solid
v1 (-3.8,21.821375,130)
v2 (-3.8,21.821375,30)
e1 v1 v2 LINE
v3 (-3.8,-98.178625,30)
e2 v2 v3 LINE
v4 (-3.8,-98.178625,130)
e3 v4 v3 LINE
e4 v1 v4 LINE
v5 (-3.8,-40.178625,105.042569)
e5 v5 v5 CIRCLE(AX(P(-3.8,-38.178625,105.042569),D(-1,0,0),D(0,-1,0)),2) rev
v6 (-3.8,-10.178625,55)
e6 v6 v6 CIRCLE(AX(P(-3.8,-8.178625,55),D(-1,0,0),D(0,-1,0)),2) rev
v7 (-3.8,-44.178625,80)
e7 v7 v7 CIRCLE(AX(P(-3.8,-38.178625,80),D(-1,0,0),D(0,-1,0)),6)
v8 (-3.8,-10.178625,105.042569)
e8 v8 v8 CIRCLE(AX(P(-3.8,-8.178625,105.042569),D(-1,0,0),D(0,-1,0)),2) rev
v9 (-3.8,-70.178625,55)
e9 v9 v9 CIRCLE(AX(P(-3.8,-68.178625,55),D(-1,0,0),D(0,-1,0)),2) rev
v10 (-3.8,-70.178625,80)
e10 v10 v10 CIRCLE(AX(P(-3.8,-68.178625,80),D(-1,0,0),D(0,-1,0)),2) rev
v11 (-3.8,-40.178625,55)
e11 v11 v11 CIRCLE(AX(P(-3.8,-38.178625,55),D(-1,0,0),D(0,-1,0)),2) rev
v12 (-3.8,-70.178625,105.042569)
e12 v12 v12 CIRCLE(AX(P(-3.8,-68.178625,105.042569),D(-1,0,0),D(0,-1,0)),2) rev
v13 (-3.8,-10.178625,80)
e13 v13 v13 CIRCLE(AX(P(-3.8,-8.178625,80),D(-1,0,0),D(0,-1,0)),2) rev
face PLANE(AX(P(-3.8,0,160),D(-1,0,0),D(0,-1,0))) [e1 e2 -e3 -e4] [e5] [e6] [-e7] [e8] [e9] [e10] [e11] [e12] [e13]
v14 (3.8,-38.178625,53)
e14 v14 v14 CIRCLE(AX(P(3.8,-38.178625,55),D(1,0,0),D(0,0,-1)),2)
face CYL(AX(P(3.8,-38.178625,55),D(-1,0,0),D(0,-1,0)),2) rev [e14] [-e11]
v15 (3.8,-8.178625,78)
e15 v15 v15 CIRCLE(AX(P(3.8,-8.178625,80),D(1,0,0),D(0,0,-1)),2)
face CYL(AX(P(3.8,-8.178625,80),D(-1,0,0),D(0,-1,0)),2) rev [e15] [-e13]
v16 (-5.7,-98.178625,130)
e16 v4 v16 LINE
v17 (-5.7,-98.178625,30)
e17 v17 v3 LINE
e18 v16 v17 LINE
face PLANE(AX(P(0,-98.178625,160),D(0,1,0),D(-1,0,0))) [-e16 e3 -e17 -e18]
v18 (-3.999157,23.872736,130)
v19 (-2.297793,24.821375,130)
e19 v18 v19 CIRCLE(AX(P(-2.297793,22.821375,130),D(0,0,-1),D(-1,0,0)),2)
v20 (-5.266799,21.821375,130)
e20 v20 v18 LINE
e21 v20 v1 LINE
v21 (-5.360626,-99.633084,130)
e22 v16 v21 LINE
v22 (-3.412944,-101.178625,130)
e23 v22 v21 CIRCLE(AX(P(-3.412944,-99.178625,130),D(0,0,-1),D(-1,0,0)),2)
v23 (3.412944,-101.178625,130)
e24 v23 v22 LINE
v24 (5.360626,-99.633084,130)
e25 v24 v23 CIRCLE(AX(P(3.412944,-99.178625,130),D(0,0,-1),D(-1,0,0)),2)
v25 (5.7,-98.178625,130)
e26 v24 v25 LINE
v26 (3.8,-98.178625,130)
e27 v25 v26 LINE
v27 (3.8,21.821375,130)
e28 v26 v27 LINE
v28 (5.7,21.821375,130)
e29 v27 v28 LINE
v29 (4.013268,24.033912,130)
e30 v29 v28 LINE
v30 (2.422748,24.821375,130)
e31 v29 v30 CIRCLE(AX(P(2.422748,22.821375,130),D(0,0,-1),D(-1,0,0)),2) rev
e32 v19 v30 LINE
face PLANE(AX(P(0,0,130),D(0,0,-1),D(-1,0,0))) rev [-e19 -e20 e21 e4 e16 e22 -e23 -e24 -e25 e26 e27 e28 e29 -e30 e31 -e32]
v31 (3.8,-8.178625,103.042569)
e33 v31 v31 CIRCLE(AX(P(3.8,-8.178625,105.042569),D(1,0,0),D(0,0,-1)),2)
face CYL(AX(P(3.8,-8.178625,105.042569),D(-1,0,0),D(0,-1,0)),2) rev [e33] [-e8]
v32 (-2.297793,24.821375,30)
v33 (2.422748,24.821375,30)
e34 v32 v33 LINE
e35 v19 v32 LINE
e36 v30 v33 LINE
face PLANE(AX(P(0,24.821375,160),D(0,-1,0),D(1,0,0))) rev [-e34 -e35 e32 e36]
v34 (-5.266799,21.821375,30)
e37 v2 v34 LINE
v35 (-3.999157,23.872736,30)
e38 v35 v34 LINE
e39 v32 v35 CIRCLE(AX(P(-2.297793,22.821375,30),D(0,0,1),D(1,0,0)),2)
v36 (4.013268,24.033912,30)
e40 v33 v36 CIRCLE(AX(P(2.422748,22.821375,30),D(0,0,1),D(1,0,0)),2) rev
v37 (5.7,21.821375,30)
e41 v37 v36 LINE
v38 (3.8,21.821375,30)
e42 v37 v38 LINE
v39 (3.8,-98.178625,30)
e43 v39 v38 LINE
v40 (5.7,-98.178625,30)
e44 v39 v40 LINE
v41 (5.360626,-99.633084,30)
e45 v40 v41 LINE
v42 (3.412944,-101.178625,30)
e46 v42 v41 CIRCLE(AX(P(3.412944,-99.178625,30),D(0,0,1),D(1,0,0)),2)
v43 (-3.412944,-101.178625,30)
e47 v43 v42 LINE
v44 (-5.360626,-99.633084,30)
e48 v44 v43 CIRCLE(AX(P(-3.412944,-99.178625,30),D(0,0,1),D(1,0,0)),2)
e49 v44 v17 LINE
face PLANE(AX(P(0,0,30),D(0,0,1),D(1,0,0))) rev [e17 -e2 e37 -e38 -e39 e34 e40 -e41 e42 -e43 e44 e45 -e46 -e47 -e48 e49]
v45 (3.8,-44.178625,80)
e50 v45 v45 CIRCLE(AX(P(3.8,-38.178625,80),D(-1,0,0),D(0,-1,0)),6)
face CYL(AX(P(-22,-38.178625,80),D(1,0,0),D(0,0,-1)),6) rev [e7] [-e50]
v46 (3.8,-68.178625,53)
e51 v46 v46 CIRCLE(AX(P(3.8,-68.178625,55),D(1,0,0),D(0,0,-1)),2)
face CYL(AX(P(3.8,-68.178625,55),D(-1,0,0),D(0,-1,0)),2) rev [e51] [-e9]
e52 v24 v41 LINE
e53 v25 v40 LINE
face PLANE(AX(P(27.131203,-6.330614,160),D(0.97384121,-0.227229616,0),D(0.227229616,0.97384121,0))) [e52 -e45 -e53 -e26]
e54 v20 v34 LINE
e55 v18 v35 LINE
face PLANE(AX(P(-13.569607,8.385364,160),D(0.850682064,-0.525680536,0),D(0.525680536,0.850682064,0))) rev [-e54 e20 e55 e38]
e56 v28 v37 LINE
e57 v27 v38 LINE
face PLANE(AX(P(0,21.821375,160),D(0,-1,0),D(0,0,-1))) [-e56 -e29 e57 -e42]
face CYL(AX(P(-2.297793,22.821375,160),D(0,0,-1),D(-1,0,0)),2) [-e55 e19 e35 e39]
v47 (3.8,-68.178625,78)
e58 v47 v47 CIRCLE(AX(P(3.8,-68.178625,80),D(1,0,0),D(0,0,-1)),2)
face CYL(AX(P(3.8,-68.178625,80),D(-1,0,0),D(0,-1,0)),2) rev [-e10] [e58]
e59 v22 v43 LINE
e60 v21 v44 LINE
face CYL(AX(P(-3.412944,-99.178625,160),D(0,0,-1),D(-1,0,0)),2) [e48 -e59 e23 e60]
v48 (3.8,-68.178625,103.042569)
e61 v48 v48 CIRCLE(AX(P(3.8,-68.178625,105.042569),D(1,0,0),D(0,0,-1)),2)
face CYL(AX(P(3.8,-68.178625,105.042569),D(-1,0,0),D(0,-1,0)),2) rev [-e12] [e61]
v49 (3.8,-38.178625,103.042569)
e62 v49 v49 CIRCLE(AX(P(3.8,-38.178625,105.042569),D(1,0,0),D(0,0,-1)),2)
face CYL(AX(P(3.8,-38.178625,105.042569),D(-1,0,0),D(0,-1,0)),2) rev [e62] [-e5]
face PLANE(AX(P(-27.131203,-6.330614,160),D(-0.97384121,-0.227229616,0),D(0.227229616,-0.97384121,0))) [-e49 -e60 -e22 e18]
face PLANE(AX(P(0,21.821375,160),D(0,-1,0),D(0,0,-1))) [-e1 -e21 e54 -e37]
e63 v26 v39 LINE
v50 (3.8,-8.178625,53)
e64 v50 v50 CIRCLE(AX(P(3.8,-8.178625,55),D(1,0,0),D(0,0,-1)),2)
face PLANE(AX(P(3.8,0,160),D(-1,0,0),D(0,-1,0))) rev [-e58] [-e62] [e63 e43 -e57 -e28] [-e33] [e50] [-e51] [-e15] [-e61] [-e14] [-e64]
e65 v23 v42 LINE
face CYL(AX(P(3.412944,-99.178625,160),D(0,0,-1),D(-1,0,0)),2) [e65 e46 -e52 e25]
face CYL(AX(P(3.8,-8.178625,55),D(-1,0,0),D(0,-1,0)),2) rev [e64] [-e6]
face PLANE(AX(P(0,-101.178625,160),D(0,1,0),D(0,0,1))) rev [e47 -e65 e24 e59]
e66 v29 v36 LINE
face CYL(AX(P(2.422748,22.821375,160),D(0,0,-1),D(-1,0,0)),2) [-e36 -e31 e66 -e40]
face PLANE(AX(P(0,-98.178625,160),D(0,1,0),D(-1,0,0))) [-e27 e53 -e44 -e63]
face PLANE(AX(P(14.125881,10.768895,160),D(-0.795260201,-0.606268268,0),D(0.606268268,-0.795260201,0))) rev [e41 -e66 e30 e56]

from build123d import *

# Parameters (mm, degrees)
RESSALTO_EXTRUS_O1_DEPTH   = 160
ESBO_O2_W                  = 7.6
ESBO_O2_H                  = 120
CORTE_EXTRUS_O1_DEPTH      = 30
CORTE_EXTRUS_O2_DEPTH      = 30
F_3DSKETCH3_R              = 2
CORTE_EXTRUS_O3_DEPTH      = 70
ESBO_O3_R                  = 6
ESBO_O3_W                  = 45.015344868
ESBO_O3_H                  = 129.478543367
ESBO_O3_W_2                = 37.192593828
CORTE_EXTRUS_O4_DEPTH      = 41
CORTE_EXTRUS_O4_DEPTH_BACK = 22


with BuildPart() as part:
    # Esboço1 → Ressalto-extrusão1 (new body)
    with BuildSketch(Plane.XY):
        with BuildLine():
            Line((-3.8, 21.821375341), (-3.8, -98.178624659))
            Line((-3.8, -98.178624659), (-5.7, -98.178624659))
            Line((-5.7, -98.178624659), (-5.360626179, -99.63308389))
            ThreePointArc((-5.360626179, -99.63308389), (-4.656141559, -100.745296045), (-3.41294376, -101.178624659))
            Line((-3.41294376, -101.178624659), (3.41294376, -101.178624659))
            ThreePointArc((3.41294376, -101.178624659), (4.656141559, -100.745296045), (5.360626179, -99.63308389))
            Line((5.360626179, -99.63308389), (5.7, -98.178624659))
            Line((5.7, -98.178624659), (3.8, -98.178624659))
            Line((3.8, -98.178624659), (3.8, 21.821375341))
            Line((3.8, 21.821375341), (5.7, 21.821375341))
            Line((5.7, 21.821375341), (4.013268169, 24.033911877))
            ThreePointArc((4.013268169, 24.033911877), (3.310139149, 24.613730366), (2.422747768, 24.821375341))
            Line((2.422747768, 24.821375341), (-2.297792791, 24.821375341))
            ThreePointArc((-2.297792791, 24.821375341), (-3.27177376, 24.568189891), (-3.999156919, 23.872736414))
            Line((-3.999156919, 23.872736414), (-5.266799243, 21.821375341))
            Line((-5.266799243, 21.821375341), (-3.8, 21.821375341))
        make_face()
    extrude(amount=RESSALTO_EXTRUS_O1_DEPTH)

    # Esboço2 → Corte-extrusão1 (cut)
    with BuildSketch(Plane.XY):
        with Locations((0, -38.178624659)):
            Rectangle(ESBO_O2_W, ESBO_O2_H)
    extrude(amount=CORTE_EXTRUS_O1_DEPTH, mode=Mode.SUBTRACT)

    # 3DSketch2 → Corte-extrusão2 (cut)
    with BuildSketch(Plane(origin=(-3.8, 21.821375341, 160), x_dir=(0.0632066956560733, -0.9980004577274705, 0), z_dir=(0, 0, -1))):
        Polygon((0, 0), (0.480370887, -7.584803479), (120.240425814, 0), (119.760054927, 7.584803479), align=None)
    extrude(amount=CORTE_EXTRUS_O2_DEPTH, mode=Mode.SUBTRACT)

    # 3DSketch3 → Corte-extrusão3 (cut)
    with BuildSketch(Plane(origin=(3.8, -38.178624659, 80), x_dir=(0, 0.7676852805184269, 0.6408270516101394), z_dir=(1, 0, 0))):
        with Locations(Location((0, 0, 0), (0, 0, 140.146481665))):
            Circle(F_3DSKETCH3_R)
        with Locations(Location((23.030558416, -19.224811548, 0), (0, 0, 140.146481665))):
            Circle(F_3DSKETCH3_R)
        with Locations(Location((-23.030558416, 19.224811548, 0), (0, 0, 140.146481665))):
            Circle(F_3DSKETCH3_R)
        with Locations(Location((-39.051234706, 0.032679535, 0), (0, 0, 140.146481665))):
            Circle(F_3DSKETCH3_R)
        with Locations(Location((-16.02067629, -19.192132013, 0), (0, 0, 140.146481665))):
            Circle(F_3DSKETCH3_R)
        with Locations(Location((7.009882125, -38.416943561, 0), (0, 0, 140.146481665))):
            Circle(F_3DSKETCH3_R)
        with Locations(Location((-6.982602808, 38.449623097, 0), (0, 0, 140.146481665))):
            Circle(F_3DSKETCH3_R)
        with Locations(Location((16.047955607, 19.224811548, 0), (0, 0, 140.146481665))):
            Circle(F_3DSKETCH3_R)
        with Locations(Location((39.078514023, 0, 0), (0, 0, 140.146481665))):
            Circle(F_3DSKETCH3_R)
    extrude(amount=-CORTE_EXTRUS_O3_DEPTH, mode=Mode.SUBTRACT)

    # Esboço3 → Corte-extrusão4 (cut, two sides)
    with BuildSketch(Plane(origin=(0, 0, 0), x_dir=(0, 0, -1), z_dir=(1, 0, 0))) as corte_extrus_o4_sk:
        with Locations(Location((-80, -38.178624659, 0), (0, 0, 270))):
            Circle(ESBO_O3_R)
        with Locations((-7.492327566, -39.917896343)):
            Rectangle(ESBO_O3_W, ESBO_O3_H)
        with Locations((-148.596296914, -39.917896343)):
            Rectangle(ESBO_O3_W_2, ESBO_O3_H)
    extrude(amount=CORTE_EXTRUS_O4_DEPTH, mode=Mode.SUBTRACT)
    extrude(corte_extrus_o4_sk.sketch, amount=-CORTE_EXTRUS_O4_DEPTH_BACK, mode=Mode.SUBTRACT)


solid = part.part
